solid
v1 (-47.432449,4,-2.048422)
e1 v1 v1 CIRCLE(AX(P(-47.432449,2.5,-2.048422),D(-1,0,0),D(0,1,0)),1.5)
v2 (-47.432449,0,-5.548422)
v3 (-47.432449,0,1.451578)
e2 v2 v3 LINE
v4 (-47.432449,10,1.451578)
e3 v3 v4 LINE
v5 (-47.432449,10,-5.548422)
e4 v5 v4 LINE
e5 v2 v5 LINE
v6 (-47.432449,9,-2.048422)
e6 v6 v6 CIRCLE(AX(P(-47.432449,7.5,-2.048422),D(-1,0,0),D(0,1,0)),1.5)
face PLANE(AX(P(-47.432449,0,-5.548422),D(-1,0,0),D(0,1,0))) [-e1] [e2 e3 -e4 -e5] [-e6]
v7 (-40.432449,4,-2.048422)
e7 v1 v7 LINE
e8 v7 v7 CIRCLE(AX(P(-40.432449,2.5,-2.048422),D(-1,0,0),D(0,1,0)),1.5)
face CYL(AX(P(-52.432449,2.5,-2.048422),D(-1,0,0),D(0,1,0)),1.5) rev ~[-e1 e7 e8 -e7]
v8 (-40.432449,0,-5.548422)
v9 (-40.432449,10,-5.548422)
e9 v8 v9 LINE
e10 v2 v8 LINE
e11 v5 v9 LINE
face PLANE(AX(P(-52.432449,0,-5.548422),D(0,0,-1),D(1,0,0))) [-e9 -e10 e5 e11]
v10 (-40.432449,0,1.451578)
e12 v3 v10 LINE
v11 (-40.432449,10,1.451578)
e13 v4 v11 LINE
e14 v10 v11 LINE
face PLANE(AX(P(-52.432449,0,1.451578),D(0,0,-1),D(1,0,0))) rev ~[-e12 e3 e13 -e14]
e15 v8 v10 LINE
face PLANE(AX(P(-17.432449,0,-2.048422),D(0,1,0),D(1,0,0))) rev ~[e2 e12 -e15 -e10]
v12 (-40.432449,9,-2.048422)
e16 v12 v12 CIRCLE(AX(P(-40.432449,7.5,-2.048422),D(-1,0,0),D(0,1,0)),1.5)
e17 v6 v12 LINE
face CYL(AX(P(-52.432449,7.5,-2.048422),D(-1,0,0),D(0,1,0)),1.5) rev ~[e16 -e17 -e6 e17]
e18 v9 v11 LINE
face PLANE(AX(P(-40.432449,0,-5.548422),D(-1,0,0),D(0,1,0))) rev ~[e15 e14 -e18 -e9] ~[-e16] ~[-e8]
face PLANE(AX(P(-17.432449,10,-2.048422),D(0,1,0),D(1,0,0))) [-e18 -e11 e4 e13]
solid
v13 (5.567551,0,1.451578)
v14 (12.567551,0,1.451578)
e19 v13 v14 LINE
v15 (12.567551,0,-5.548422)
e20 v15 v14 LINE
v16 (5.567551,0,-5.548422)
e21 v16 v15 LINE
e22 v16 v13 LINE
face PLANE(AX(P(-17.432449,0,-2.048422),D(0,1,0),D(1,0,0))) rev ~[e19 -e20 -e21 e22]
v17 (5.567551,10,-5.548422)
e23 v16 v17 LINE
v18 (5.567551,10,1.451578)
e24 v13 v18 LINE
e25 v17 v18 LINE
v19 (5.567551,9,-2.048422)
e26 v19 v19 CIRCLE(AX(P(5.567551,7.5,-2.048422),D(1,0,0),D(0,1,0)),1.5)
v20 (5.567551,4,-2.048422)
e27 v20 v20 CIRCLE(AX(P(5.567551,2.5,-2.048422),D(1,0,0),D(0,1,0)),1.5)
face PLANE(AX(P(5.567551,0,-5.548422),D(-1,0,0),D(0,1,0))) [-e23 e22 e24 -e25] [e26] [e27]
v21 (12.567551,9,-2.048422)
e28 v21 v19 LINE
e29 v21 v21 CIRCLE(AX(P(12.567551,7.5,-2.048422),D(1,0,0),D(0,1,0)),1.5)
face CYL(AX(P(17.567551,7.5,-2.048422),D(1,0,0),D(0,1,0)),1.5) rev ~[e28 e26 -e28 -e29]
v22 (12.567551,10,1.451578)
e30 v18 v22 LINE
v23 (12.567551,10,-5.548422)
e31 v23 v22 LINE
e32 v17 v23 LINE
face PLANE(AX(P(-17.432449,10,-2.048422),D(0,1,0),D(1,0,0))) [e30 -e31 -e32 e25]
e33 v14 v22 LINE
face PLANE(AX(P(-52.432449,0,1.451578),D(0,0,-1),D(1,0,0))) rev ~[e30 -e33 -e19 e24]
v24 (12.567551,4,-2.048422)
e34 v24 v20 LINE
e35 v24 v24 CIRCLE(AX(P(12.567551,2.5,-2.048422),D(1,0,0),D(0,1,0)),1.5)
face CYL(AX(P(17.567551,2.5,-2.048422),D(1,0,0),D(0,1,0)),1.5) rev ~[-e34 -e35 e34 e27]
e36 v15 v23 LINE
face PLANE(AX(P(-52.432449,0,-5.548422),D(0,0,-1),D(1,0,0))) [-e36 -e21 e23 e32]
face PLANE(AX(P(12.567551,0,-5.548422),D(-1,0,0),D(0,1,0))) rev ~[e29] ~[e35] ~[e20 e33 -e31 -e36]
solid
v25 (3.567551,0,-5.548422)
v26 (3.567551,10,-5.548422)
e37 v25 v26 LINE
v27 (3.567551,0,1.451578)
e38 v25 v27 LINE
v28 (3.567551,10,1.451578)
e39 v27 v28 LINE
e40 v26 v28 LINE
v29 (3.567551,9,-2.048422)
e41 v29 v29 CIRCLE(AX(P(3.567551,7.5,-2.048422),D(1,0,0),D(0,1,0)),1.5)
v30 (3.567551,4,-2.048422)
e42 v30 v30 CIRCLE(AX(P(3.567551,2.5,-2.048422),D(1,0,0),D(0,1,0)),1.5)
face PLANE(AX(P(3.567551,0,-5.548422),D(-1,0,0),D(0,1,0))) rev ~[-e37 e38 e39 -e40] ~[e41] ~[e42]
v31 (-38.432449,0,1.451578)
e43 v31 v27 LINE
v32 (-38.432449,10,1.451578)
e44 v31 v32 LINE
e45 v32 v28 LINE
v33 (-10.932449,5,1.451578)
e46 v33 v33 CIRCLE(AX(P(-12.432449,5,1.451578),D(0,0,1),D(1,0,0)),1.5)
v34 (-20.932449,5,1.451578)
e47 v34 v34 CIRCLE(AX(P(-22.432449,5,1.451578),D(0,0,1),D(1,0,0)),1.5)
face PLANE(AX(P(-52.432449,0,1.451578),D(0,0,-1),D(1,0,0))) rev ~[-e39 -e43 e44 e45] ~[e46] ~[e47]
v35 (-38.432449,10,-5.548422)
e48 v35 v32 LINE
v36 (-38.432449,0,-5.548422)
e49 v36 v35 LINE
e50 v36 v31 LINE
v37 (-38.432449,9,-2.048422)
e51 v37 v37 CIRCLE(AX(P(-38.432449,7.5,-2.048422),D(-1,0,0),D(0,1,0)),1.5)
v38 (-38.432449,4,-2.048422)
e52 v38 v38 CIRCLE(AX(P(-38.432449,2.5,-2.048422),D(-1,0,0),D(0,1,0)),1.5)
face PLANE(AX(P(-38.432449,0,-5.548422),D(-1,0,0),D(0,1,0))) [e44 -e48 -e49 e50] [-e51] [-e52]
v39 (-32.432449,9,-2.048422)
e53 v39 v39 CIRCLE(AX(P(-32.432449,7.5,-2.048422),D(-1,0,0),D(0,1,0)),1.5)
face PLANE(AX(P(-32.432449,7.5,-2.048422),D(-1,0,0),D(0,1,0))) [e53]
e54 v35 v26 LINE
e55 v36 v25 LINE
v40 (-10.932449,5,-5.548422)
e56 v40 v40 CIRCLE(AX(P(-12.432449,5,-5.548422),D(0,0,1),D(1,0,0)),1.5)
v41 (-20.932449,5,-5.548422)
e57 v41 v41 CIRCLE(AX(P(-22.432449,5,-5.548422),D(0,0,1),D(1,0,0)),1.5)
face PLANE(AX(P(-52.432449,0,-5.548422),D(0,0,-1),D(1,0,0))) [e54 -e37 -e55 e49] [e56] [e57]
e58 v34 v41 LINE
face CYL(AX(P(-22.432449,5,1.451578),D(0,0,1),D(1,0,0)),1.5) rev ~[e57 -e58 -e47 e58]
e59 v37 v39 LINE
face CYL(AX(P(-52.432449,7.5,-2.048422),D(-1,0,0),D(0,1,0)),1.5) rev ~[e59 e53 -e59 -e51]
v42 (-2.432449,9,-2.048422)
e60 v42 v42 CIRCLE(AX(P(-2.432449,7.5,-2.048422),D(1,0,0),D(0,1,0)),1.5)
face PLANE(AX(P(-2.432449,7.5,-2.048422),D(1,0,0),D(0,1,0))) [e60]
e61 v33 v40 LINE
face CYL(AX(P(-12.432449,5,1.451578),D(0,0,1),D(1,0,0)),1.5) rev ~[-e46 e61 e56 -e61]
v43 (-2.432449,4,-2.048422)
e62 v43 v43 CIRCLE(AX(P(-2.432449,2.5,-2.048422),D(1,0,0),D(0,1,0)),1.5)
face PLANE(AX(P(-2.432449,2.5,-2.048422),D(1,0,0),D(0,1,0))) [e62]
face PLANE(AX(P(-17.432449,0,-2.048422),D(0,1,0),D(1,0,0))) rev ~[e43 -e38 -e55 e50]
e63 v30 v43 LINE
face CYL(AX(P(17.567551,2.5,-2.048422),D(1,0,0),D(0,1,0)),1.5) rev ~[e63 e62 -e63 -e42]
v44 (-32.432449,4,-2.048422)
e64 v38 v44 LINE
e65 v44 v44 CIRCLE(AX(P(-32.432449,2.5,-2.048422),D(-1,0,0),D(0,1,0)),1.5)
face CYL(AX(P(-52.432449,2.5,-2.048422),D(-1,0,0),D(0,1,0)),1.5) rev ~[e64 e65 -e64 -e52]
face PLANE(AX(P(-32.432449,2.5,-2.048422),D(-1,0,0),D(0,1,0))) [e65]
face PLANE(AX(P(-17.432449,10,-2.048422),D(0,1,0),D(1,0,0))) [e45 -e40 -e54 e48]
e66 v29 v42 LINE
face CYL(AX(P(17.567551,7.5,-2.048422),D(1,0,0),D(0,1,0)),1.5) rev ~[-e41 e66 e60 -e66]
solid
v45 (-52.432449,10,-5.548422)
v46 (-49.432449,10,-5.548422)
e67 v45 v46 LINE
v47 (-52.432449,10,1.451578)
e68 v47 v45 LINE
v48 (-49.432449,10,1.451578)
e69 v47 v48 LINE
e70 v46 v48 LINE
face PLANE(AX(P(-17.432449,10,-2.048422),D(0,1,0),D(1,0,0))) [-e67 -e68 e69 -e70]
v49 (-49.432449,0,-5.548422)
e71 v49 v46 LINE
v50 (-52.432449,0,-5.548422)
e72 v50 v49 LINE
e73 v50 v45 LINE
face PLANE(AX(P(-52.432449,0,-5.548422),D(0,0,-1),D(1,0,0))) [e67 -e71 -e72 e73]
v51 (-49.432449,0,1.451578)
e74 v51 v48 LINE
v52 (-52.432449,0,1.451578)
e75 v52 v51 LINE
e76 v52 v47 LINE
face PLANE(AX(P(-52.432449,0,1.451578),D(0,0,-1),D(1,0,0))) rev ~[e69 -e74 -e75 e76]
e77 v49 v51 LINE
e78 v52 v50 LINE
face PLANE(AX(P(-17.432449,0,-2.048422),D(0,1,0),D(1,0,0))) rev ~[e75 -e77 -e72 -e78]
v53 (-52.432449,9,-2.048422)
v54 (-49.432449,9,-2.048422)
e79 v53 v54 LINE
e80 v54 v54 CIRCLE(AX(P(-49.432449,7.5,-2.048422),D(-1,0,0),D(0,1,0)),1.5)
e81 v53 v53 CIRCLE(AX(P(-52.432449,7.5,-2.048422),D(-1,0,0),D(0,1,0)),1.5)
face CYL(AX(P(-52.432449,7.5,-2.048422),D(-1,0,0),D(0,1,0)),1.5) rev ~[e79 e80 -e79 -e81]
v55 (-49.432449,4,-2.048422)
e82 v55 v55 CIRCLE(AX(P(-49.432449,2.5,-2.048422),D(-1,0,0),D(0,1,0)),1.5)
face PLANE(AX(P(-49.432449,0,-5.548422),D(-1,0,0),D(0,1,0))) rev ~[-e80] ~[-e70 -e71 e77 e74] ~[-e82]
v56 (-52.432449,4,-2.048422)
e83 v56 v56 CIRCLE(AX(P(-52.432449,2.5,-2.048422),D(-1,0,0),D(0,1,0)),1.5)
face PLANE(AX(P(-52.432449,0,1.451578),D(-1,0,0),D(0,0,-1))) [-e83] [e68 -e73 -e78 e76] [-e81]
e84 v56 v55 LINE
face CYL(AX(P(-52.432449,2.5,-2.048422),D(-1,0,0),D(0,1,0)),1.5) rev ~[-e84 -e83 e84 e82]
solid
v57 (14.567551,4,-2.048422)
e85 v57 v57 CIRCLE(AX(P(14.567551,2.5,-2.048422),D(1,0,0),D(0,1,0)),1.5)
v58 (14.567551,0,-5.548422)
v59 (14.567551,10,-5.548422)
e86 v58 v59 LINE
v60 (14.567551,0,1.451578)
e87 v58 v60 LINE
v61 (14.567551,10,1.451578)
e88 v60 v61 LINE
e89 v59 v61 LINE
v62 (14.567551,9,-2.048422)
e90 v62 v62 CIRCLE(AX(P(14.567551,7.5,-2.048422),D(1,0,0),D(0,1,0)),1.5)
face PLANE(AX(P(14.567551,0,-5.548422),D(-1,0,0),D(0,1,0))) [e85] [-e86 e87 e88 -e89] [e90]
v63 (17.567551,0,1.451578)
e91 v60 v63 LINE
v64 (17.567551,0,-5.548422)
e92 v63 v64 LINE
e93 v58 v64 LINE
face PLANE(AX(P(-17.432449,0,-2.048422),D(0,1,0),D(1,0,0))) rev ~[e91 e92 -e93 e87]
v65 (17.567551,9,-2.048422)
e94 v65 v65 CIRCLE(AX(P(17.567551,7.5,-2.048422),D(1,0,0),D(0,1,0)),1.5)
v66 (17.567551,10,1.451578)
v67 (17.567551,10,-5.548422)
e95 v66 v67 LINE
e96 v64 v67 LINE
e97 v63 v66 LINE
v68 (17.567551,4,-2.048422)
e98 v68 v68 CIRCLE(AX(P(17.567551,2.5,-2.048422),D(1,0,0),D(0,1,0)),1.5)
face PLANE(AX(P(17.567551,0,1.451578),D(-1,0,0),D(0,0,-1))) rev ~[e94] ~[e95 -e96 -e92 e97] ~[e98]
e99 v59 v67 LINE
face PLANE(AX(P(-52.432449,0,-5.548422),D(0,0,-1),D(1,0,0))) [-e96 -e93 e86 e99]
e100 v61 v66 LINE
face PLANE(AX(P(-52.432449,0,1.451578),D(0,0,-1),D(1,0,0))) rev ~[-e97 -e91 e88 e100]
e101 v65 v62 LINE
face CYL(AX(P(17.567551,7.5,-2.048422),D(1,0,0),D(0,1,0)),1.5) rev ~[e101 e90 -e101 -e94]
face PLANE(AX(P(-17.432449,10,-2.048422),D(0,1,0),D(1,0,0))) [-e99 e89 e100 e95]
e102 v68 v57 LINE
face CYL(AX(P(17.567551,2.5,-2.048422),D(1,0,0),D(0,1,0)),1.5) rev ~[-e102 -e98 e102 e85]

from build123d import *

# Parameters (mm, degrees)
SKETCH_1_W          = 70
SKETCH_1_H          = 7
EXTRUDE_1_DEPTH     = 10
SKETCH_2_W          = 2
SKETCH_2_H          = 10
CUT_EXTRUDE_1_DEPTH = 7
SKETCH_4_R          = 1.5
CUT_EXTRUDE_2_DEPTH = 20
SKETCH_5_R          = 1.5
CUT_EXTRUDE_3_DEPTH = 20
SKETCH_6_R          = 1.5
CUT_EXTRUDE_4_DEPTH = 7


with BuildPart() as part:
    # Эскиз1 → Бобышка-Вытянуть1 (new body)
    with BuildSketch(Plane(origin=(0, 0, 0), x_dir=(1, 0, 0), z_dir=(0, 1, 0))):
        with Locations((-17.432449075, 2.048422225)):
            Rectangle(SKETCH_1_W, SKETCH_1_H)
    extrude(amount=EXTRUDE_1_DEPTH)

    # Эскиз2 → Вырез-Вытянуть1 (cut)
    with BuildSketch(Plane(origin=(0, 0, -5.548422225), x_dir=(-1, 0, 0), z_dir=(0, 0, -1))):
        with Locations((-13.567550925, 5)):
            Rectangle(SKETCH_2_W, SKETCH_2_H)
        with Locations((48.432449075, 5)):
            Rectangle(SKETCH_2_W, SKETCH_2_H)
        with Locations((39.432449075, 5)):
            Rectangle(SKETCH_2_W, SKETCH_2_H)
        with Locations((-4.567550925, 5)):
            Rectangle(SKETCH_2_W, SKETCH_2_H)
    extrude(amount=-CUT_EXTRUDE_1_DEPTH, mode=Mode.SUBTRACT)


with BuildPart() as cut_extrude_1_piece_1:
    # of the separate pieces the step leaves, piece 1, a body of its own (cut_extrude_1_pieces)
    add(part.part.solids().sort_by_distance((-38.432449075, 0, -5.548422225))[0])


with BuildPart() as cut_extrude_1_piece_2:
    # of the separate pieces the step leaves, piece 2, a body of its own (cut_extrude_1_pieces)
    add(part.part.solids().sort_by_distance((5.567550925, 0, -5.548422225))[0])


with BuildPart() as cut_extrude_1_piece_3:
    # of the separate pieces the step leaves, piece 3, a body of its own (cut_extrude_1_pieces)
    add(part.part.solids().sort_by_distance((-47.432449075, 0, -5.548422225))[0])


with BuildPart() as cut_extrude_1_piece_4:
    # of the separate pieces the step leaves, piece 4, a body of its own (cut_extrude_1_pieces)
    add(part.part.solids().sort_by_distance((-52.432449075, 0, -5.548422225))[0])


with BuildPart() as cut_extrude_1_piece_5:
    # of the separate pieces the step leaves, piece 5, a body of its own (cut_extrude_1_pieces)
    add(part.part.solids().sort_by_distance((14.567550925, 0, -5.548422225))[0])


with BuildPart() as cut_extrude_2_tool:
    # Эскиз4 → Вырез-Вытянуть2 (new body)
    with BuildSketch(Plane(origin=(17.567550925, 0, 0), x_dir=(0, 0, -1), z_dir=(1, 0, 0))):
        with Locations(Location((2.048422225, 7.5, 0), (0, 0, 90))):
            Circle(SKETCH_4_R)
        with Locations(Location((2.048422225, 2.5, 0), (0, 0, 90))):
            Circle(SKETCH_4_R)
    extrude(amount=-CUT_EXTRUDE_2_DEPTH)


with BuildPart() as cut_extrude_1_piece_1_1:
    add(cut_extrude_1_piece_1.part)

    # Вырез-Вытянуть2: cut by cut_extrude_2_tool
    add(cut_extrude_2_tool.part, mode=Mode.SUBTRACT)


with BuildPart() as cut_extrude_1_piece_2_1:
    add(cut_extrude_1_piece_2.part)

    # Вырез-Вытянуть2: cut by cut_extrude_2_tool
    add(cut_extrude_2_tool.part, mode=Mode.SUBTRACT)


with BuildPart() as cut_extrude_1_piece_5_1:
    add(cut_extrude_1_piece_5.part)

    # Вырез-Вытянуть2: cut by cut_extrude_2_tool
    add(cut_extrude_2_tool.part, mode=Mode.SUBTRACT)


with BuildPart() as cut_extrude_3_tool:
    # Эскиз5 → Вырез-Вытянуть3 (new body)
    with BuildSketch(Plane.ZY.offset(52.432449075)):
        with Locations(Location((-2.048422225, 7.5, 0), (0, 0, 90))):
            Circle(SKETCH_5_R)
        with Locations(Location((-2.048422225, 2.5, 0), (0, 0, 90))):
            Circle(SKETCH_5_R)
    extrude(amount=-CUT_EXTRUDE_3_DEPTH)


with BuildPart() as cut_extrude_1_piece_1_2:
    add(cut_extrude_1_piece_1_1.part)

    # Вырез-Вытянуть3: cut by cut_extrude_3_tool
    add(cut_extrude_3_tool.part, mode=Mode.SUBTRACT)

    # Эскиз6 → Вырез-Вытянуть4 (cut)
    with BuildSketch(Plane.XY.offset(1.451577775)):
        with Locations((-22.432449075, 5)):
            Circle(SKETCH_6_R)
        with Locations((-12.432449075, 5)):
            Circle(SKETCH_6_R)
    extrude(amount=-CUT_EXTRUDE_4_DEPTH, mode=Mode.SUBTRACT)


with BuildPart() as cut_extrude_1_piece_3_1:
    add(cut_extrude_1_piece_3.part)

    # Вырез-Вытянуть3: cut by cut_extrude_3_tool
    add(cut_extrude_3_tool.part, mode=Mode.SUBTRACT)


with BuildPart() as cut_extrude_1_piece_4_1:
    add(cut_extrude_1_piece_4.part)

    # Вырез-Вытянуть3: cut by cut_extrude_3_tool
    add(cut_extrude_3_tool.part, mode=Mode.SUBTRACT)


solid = Compound([cut_extrude_1_piece_2_1.part, cut_extrude_1_piece_5_1.part, cut_extrude_1_piece_1_2.part, cut_extrude_1_piece_3_1.part, cut_extrude_1_piece_4_1.part])
